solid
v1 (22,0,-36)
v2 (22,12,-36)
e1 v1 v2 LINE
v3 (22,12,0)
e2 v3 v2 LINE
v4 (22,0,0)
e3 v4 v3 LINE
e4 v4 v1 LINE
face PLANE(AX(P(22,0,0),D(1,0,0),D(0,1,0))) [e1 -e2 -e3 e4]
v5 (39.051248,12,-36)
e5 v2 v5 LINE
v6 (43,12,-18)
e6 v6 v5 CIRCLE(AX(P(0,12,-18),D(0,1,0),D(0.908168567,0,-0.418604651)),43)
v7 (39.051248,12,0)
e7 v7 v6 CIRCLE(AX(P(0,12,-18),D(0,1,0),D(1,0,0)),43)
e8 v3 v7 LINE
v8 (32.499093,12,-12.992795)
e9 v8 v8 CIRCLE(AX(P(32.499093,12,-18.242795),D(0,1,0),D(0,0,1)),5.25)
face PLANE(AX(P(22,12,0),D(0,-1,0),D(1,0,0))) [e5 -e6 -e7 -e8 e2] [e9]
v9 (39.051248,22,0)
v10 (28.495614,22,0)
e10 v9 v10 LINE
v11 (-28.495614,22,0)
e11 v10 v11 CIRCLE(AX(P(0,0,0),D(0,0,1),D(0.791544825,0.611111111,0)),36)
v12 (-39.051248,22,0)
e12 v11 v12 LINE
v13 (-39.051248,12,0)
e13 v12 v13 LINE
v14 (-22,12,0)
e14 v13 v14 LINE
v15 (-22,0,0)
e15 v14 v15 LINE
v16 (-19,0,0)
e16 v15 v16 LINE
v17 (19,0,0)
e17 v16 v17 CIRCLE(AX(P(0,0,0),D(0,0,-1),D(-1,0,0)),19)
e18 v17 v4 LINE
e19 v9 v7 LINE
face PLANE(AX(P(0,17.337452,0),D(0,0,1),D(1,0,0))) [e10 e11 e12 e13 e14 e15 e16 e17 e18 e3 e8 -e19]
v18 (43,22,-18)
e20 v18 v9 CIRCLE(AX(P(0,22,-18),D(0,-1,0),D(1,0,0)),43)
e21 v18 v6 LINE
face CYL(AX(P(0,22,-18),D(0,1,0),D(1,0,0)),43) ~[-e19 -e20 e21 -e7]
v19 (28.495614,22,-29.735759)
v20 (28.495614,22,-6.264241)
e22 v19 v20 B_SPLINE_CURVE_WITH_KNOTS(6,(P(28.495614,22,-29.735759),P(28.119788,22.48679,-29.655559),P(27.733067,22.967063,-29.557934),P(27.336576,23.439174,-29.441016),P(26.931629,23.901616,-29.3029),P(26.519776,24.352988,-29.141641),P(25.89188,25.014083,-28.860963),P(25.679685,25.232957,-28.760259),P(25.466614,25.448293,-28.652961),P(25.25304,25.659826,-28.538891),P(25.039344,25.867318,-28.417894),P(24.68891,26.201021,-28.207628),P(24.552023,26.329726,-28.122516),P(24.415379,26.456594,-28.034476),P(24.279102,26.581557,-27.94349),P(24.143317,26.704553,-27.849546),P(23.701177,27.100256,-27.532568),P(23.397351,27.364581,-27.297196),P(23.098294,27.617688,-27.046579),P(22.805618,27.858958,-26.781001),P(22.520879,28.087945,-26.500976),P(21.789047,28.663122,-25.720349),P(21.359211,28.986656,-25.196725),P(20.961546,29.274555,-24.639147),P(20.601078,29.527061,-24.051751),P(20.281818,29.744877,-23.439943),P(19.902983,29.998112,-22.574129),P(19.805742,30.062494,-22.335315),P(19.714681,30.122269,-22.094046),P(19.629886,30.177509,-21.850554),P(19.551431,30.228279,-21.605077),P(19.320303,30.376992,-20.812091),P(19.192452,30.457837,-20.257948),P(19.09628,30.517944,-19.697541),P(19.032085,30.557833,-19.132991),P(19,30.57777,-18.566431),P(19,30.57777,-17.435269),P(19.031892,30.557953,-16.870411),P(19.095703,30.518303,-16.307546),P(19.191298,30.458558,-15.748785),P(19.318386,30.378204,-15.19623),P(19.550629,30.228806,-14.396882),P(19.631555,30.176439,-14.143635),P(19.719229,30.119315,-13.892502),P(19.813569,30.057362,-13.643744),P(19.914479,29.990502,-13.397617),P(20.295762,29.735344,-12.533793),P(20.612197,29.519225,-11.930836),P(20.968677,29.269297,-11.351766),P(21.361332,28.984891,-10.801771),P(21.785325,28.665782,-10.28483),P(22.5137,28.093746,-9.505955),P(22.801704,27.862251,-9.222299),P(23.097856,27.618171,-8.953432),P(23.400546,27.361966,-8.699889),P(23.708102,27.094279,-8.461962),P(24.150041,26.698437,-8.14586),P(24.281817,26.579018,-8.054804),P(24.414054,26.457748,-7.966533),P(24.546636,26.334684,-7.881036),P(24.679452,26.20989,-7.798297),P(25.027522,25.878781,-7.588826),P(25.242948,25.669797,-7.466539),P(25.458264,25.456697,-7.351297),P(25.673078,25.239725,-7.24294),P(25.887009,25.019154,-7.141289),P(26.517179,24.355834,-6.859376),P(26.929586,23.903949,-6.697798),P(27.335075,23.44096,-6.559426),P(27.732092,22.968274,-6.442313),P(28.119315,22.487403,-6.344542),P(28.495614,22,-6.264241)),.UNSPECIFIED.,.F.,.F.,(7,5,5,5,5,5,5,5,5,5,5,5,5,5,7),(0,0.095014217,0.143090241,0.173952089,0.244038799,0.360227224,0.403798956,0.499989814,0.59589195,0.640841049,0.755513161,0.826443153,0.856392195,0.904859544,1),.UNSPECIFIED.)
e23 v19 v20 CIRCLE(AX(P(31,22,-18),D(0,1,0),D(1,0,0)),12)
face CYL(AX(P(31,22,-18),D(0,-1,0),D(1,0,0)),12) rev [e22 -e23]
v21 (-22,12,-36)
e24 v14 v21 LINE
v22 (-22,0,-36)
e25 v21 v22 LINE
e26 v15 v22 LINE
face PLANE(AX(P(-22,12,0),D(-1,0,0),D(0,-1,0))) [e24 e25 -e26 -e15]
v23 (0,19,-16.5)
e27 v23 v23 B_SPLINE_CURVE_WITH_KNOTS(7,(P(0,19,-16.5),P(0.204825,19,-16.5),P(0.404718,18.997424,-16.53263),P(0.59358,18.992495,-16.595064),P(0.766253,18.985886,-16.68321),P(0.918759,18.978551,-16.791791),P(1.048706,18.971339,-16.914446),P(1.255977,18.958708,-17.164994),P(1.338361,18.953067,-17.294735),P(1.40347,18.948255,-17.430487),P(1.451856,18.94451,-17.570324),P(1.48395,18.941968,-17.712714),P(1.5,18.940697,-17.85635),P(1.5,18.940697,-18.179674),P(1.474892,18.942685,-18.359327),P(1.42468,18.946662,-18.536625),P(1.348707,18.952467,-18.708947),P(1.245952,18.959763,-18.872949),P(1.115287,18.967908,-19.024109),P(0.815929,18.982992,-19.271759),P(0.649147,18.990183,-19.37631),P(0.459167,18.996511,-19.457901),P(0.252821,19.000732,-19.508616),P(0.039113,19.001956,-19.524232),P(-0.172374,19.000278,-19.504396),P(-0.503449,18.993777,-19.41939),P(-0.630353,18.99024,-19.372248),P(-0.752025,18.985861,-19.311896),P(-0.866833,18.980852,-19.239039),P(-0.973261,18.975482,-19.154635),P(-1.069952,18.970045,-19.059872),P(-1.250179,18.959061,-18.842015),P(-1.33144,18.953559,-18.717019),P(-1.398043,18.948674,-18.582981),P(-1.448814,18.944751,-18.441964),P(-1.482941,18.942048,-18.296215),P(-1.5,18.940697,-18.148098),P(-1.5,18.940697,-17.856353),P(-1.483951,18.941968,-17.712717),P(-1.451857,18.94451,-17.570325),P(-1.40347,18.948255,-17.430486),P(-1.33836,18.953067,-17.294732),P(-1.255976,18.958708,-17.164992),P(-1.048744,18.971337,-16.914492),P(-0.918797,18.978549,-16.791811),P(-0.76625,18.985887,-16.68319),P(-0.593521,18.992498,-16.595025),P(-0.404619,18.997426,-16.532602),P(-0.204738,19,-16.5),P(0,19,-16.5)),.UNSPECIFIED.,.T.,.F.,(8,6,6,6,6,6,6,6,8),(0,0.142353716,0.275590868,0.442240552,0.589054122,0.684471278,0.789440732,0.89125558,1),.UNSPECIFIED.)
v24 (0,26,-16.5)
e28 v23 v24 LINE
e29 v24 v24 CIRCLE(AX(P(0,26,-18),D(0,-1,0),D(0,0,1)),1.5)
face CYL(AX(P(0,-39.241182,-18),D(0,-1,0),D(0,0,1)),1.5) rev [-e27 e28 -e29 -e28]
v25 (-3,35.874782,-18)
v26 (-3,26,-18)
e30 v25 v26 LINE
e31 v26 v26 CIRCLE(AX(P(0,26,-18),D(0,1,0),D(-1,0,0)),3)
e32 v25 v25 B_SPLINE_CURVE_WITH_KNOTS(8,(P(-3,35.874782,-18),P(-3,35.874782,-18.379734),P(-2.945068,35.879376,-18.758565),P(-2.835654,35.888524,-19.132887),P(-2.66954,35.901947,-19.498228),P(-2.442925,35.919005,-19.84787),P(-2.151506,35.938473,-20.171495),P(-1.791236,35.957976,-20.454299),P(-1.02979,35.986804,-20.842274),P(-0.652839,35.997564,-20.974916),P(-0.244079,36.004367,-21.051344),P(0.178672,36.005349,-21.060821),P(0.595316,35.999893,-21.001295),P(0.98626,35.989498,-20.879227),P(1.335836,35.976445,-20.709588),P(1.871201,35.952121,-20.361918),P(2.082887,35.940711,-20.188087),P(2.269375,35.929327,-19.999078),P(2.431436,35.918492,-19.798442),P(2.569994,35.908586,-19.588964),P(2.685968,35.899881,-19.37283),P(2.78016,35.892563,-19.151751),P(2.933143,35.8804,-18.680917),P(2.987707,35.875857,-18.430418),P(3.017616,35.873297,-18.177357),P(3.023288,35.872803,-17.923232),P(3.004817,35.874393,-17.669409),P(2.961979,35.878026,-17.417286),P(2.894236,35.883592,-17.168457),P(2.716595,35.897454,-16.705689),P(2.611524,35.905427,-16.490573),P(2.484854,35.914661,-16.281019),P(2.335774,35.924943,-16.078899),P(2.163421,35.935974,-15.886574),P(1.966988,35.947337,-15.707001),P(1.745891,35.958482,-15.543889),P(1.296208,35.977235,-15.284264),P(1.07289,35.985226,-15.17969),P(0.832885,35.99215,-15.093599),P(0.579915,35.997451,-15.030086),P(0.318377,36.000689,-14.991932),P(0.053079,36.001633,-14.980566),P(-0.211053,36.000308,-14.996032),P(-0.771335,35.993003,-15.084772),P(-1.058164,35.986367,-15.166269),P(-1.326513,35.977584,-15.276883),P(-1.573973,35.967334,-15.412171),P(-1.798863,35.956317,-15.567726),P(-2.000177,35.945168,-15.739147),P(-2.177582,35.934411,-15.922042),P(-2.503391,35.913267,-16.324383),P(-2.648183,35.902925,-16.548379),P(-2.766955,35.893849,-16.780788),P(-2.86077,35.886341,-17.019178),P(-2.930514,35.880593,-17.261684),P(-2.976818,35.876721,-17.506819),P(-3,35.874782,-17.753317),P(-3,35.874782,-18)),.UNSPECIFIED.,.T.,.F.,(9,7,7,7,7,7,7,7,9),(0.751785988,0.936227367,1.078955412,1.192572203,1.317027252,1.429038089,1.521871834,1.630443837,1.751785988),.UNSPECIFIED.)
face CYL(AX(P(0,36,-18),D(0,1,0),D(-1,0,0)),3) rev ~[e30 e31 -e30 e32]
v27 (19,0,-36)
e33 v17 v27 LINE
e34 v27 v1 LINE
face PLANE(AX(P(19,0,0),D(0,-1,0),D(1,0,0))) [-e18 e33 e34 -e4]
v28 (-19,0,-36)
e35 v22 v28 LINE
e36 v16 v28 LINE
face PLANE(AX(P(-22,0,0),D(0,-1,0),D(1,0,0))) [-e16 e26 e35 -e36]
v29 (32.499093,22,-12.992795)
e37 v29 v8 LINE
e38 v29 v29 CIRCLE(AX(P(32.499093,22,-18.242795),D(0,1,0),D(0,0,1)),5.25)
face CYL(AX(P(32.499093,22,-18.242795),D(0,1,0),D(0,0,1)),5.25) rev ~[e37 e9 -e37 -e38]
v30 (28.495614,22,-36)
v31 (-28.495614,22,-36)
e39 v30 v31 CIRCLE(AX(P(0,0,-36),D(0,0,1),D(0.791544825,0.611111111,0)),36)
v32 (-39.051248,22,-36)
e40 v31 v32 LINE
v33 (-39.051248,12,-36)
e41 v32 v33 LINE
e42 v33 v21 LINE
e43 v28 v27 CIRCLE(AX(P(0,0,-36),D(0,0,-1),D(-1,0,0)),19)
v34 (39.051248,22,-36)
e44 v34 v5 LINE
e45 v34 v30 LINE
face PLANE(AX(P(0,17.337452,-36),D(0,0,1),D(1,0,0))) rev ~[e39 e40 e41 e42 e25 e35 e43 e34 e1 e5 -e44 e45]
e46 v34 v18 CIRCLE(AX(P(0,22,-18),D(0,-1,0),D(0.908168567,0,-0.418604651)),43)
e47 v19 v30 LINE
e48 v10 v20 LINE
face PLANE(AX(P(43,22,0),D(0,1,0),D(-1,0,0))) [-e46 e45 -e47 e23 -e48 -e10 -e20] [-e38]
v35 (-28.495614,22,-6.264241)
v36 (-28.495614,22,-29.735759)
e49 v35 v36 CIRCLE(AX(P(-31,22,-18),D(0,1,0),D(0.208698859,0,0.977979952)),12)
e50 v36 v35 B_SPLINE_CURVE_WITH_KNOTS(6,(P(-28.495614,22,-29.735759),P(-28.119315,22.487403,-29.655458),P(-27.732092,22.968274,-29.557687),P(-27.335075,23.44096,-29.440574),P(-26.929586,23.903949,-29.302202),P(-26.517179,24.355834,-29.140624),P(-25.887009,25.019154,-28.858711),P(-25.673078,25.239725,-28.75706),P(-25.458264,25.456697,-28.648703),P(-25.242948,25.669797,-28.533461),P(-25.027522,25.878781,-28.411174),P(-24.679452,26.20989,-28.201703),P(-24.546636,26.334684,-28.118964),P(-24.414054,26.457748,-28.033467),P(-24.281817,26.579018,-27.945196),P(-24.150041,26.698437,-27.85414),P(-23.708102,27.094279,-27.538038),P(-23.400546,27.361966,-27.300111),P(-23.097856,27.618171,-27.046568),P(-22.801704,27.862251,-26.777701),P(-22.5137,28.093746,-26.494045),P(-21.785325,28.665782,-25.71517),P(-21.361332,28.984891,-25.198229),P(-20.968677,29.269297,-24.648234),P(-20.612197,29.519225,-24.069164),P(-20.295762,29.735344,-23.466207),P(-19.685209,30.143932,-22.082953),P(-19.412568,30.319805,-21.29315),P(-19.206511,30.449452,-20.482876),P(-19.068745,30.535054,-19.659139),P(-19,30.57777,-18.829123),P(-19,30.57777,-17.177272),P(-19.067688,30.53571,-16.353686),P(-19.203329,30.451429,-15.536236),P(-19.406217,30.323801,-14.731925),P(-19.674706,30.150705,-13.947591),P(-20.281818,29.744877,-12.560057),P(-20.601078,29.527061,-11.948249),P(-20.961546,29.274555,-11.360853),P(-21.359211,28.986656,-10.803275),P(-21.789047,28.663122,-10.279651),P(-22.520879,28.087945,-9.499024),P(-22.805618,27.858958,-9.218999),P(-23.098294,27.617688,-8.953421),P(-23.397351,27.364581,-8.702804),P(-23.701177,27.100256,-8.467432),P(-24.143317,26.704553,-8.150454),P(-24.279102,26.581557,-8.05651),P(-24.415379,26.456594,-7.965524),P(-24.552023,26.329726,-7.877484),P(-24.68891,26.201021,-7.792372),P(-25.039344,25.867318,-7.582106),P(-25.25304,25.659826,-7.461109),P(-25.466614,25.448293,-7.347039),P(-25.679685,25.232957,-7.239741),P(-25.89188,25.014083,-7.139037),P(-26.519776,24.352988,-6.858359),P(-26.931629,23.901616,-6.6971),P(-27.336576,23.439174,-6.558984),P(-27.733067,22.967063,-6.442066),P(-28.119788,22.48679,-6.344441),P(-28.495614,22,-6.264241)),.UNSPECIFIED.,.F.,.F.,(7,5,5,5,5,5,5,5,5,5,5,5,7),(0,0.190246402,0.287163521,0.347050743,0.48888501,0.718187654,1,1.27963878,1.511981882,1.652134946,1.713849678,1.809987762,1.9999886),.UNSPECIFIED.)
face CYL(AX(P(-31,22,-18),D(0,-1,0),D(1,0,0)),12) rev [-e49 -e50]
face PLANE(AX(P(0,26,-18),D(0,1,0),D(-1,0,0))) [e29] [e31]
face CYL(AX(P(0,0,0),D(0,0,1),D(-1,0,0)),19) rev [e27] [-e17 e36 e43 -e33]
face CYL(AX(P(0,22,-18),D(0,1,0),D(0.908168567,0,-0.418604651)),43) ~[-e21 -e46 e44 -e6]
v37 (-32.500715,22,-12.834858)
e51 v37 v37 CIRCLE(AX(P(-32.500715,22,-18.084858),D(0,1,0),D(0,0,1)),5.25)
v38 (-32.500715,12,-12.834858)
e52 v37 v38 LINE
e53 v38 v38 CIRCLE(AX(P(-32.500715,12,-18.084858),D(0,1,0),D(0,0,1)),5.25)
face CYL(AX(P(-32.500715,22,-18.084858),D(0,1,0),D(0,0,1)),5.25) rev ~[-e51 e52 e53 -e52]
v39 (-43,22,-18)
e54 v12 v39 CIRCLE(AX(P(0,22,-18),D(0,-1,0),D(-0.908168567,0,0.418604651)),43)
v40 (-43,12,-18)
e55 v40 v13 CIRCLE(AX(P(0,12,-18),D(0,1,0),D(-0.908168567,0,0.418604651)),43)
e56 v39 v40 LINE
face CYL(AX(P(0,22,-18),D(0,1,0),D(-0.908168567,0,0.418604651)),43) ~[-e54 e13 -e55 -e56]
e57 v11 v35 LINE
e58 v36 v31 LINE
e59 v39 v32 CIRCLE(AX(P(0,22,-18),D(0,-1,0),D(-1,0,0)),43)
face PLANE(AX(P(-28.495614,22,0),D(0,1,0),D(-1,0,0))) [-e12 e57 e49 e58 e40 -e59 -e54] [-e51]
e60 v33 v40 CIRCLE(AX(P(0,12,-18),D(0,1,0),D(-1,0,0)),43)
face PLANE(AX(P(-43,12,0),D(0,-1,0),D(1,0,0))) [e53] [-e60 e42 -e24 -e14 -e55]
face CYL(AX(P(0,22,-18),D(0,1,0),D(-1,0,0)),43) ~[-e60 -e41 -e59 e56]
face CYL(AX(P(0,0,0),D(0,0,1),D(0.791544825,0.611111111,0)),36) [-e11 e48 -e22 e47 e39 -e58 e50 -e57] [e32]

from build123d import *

# Parameters (mm, degrees)
BOSS_EXTRUDE1_DEPTH      = 36
CUT_EXTRUDE1_DEPTH       = 36
SKETCH3_R                = 12
CUT_EXTRUDE10_DEPTH      = 61.241181927
SKETCH10_R               = 3
CUT_EXTRUDE12_DEPTH      = 10
CUT_EXTRUDE13_DEPTH      = 61.241181987
CUT_EXTRUDE13_DEPTH_BACK = 61.241181987
SKETCH11_R               = 1.5
SKETCH9_R                = 5.25
CUT_EXTRUDE14_DEPTH      = 10


with BuildPart() as part:
    # Sketch1 → Boss-Extrude1 (new body)
    with BuildSketch(Plane.XY):
        with BuildLine():
            Line((-22, 0), (-19, 0))
            ThreePointArc((-19, 0), (0, 19), (19, 0))
            Line((19, 0), (22, 0))
            Line((22, 0), (22, 12))
            Line((22, 12), (43, 12))
            Line((43, 12), (43, 22))
            Line((43, 22), (28.495613698, 22))
            ThreePointArc((28.495613698, 22), (0, 36), (-28.495613698, 22))
            Line((-28.495613698, 22), (-43, 22))
            Line((-43, 22), (-43, 12))
            Line((-43, 12), (-22, 12))
            Line((-22, 12), (-22, 0))
        make_face()
    extrude(amount=-BOSS_EXTRUDE1_DEPTH)

    # Sketch2 → Cut-Extrude1 (cut)
    with BuildSketch(Plane(origin=(0, 22, 0), x_dir=(1, 0, 0), z_dir=(0, 1, 0))):
        with BuildLine():
            Line((-39.05124838, 36), (-43, 36))
            Line((-43, 36), (-43, 18))
            ThreePointArc((-43, 18), (-42.001212365, 27.214019744), (-39.05124838, 36))
        make_face()
        with BuildLine():
            ThreePointArc((-39.05124838, 0), (-42.001212365, 8.785980256), (-43, 18))
            Line((-43, 18), (-43, 0))
            Line((-43, 0), (-39.05124838, 0))
        make_face()
        with BuildLine():
            Line((43, 36), (39.05124838, 36))
            ThreePointArc((39.05124838, 36), (42.001212365, 27.214019744), (43, 18))
            Line((43, 18), (43, 36))
        make_face()
        with BuildLine():
            Line((43, 0), (43, 18))
            ThreePointArc((43, 18), (42.001212365, 8.785980256), (39.05124838, 0))
            Line((39.05124838, 0), (43, 0))
        make_face()
    extrude(amount=-CUT_EXTRUDE1_DEPTH, mode=Mode.SUBTRACT)

    # Sketch3 → Cut-Extrude10 (cut, through all)
    with BuildSketch(Plane(origin=(0, 22, 0), x_dir=(1, 0, 0), z_dir=(0, 1, 0))):
        with Locations((-31, 18)):
            Circle(SKETCH3_R)
        with Locations((31, 18)):
            Circle(SKETCH3_R)
    extrude(amount=CUT_EXTRUDE10_DEPTH, mode=Mode.SUBTRACT)

    # Sketch10 → Cut-Extrude12 (cut)
    with BuildSketch(Plane(origin=(0, 36, 0), x_dir=(1, 0, 0), z_dir=(0, 1, 0))):
        with Locations(Location((0, 18, 0), (0, 0, 180))):
            Circle(SKETCH10_R)
    extrude(amount=-CUT_EXTRUDE12_DEPTH, mode=Mode.SUBTRACT)

    # Sketch11 → Cut-Extrude13 (cut, two sides: drawn at the far end of the back side and taken through both)
    with BuildSketch(Plane(origin=(0, 22, 0), x_dir=(1, 0, 0), z_dir=(0, 1, 0)).offset(-CUT_EXTRUDE13_DEPTH_BACK)):
        with Locations(Location((0, 18, 0), (0, 0, 270))):
            Circle(SKETCH11_R)
    extrude(amount=CUT_EXTRUDE13_DEPTH + CUT_EXTRUDE13_DEPTH_BACK, mode=Mode.SUBTRACT)

    # Sketch9 → Cut-Extrude14 (cut)
    with BuildSketch(Plane(origin=(0, 22, 0), x_dir=(1, 0, 0), z_dir=(0, 1, 0))):
        with Locations(Location((-32.500715047, 18.084858078, 0), (0, 0, 270))):
            Circle(SKETCH9_R)
        with Locations(Location((32.499093077, 18.242794562, 0), (0, 0, 270))):
            Circle(SKETCH9_R)
    extrude(amount=-CUT_EXTRUDE14_DEPTH, mode=Mode.SUBTRACT)


solid = part.part
